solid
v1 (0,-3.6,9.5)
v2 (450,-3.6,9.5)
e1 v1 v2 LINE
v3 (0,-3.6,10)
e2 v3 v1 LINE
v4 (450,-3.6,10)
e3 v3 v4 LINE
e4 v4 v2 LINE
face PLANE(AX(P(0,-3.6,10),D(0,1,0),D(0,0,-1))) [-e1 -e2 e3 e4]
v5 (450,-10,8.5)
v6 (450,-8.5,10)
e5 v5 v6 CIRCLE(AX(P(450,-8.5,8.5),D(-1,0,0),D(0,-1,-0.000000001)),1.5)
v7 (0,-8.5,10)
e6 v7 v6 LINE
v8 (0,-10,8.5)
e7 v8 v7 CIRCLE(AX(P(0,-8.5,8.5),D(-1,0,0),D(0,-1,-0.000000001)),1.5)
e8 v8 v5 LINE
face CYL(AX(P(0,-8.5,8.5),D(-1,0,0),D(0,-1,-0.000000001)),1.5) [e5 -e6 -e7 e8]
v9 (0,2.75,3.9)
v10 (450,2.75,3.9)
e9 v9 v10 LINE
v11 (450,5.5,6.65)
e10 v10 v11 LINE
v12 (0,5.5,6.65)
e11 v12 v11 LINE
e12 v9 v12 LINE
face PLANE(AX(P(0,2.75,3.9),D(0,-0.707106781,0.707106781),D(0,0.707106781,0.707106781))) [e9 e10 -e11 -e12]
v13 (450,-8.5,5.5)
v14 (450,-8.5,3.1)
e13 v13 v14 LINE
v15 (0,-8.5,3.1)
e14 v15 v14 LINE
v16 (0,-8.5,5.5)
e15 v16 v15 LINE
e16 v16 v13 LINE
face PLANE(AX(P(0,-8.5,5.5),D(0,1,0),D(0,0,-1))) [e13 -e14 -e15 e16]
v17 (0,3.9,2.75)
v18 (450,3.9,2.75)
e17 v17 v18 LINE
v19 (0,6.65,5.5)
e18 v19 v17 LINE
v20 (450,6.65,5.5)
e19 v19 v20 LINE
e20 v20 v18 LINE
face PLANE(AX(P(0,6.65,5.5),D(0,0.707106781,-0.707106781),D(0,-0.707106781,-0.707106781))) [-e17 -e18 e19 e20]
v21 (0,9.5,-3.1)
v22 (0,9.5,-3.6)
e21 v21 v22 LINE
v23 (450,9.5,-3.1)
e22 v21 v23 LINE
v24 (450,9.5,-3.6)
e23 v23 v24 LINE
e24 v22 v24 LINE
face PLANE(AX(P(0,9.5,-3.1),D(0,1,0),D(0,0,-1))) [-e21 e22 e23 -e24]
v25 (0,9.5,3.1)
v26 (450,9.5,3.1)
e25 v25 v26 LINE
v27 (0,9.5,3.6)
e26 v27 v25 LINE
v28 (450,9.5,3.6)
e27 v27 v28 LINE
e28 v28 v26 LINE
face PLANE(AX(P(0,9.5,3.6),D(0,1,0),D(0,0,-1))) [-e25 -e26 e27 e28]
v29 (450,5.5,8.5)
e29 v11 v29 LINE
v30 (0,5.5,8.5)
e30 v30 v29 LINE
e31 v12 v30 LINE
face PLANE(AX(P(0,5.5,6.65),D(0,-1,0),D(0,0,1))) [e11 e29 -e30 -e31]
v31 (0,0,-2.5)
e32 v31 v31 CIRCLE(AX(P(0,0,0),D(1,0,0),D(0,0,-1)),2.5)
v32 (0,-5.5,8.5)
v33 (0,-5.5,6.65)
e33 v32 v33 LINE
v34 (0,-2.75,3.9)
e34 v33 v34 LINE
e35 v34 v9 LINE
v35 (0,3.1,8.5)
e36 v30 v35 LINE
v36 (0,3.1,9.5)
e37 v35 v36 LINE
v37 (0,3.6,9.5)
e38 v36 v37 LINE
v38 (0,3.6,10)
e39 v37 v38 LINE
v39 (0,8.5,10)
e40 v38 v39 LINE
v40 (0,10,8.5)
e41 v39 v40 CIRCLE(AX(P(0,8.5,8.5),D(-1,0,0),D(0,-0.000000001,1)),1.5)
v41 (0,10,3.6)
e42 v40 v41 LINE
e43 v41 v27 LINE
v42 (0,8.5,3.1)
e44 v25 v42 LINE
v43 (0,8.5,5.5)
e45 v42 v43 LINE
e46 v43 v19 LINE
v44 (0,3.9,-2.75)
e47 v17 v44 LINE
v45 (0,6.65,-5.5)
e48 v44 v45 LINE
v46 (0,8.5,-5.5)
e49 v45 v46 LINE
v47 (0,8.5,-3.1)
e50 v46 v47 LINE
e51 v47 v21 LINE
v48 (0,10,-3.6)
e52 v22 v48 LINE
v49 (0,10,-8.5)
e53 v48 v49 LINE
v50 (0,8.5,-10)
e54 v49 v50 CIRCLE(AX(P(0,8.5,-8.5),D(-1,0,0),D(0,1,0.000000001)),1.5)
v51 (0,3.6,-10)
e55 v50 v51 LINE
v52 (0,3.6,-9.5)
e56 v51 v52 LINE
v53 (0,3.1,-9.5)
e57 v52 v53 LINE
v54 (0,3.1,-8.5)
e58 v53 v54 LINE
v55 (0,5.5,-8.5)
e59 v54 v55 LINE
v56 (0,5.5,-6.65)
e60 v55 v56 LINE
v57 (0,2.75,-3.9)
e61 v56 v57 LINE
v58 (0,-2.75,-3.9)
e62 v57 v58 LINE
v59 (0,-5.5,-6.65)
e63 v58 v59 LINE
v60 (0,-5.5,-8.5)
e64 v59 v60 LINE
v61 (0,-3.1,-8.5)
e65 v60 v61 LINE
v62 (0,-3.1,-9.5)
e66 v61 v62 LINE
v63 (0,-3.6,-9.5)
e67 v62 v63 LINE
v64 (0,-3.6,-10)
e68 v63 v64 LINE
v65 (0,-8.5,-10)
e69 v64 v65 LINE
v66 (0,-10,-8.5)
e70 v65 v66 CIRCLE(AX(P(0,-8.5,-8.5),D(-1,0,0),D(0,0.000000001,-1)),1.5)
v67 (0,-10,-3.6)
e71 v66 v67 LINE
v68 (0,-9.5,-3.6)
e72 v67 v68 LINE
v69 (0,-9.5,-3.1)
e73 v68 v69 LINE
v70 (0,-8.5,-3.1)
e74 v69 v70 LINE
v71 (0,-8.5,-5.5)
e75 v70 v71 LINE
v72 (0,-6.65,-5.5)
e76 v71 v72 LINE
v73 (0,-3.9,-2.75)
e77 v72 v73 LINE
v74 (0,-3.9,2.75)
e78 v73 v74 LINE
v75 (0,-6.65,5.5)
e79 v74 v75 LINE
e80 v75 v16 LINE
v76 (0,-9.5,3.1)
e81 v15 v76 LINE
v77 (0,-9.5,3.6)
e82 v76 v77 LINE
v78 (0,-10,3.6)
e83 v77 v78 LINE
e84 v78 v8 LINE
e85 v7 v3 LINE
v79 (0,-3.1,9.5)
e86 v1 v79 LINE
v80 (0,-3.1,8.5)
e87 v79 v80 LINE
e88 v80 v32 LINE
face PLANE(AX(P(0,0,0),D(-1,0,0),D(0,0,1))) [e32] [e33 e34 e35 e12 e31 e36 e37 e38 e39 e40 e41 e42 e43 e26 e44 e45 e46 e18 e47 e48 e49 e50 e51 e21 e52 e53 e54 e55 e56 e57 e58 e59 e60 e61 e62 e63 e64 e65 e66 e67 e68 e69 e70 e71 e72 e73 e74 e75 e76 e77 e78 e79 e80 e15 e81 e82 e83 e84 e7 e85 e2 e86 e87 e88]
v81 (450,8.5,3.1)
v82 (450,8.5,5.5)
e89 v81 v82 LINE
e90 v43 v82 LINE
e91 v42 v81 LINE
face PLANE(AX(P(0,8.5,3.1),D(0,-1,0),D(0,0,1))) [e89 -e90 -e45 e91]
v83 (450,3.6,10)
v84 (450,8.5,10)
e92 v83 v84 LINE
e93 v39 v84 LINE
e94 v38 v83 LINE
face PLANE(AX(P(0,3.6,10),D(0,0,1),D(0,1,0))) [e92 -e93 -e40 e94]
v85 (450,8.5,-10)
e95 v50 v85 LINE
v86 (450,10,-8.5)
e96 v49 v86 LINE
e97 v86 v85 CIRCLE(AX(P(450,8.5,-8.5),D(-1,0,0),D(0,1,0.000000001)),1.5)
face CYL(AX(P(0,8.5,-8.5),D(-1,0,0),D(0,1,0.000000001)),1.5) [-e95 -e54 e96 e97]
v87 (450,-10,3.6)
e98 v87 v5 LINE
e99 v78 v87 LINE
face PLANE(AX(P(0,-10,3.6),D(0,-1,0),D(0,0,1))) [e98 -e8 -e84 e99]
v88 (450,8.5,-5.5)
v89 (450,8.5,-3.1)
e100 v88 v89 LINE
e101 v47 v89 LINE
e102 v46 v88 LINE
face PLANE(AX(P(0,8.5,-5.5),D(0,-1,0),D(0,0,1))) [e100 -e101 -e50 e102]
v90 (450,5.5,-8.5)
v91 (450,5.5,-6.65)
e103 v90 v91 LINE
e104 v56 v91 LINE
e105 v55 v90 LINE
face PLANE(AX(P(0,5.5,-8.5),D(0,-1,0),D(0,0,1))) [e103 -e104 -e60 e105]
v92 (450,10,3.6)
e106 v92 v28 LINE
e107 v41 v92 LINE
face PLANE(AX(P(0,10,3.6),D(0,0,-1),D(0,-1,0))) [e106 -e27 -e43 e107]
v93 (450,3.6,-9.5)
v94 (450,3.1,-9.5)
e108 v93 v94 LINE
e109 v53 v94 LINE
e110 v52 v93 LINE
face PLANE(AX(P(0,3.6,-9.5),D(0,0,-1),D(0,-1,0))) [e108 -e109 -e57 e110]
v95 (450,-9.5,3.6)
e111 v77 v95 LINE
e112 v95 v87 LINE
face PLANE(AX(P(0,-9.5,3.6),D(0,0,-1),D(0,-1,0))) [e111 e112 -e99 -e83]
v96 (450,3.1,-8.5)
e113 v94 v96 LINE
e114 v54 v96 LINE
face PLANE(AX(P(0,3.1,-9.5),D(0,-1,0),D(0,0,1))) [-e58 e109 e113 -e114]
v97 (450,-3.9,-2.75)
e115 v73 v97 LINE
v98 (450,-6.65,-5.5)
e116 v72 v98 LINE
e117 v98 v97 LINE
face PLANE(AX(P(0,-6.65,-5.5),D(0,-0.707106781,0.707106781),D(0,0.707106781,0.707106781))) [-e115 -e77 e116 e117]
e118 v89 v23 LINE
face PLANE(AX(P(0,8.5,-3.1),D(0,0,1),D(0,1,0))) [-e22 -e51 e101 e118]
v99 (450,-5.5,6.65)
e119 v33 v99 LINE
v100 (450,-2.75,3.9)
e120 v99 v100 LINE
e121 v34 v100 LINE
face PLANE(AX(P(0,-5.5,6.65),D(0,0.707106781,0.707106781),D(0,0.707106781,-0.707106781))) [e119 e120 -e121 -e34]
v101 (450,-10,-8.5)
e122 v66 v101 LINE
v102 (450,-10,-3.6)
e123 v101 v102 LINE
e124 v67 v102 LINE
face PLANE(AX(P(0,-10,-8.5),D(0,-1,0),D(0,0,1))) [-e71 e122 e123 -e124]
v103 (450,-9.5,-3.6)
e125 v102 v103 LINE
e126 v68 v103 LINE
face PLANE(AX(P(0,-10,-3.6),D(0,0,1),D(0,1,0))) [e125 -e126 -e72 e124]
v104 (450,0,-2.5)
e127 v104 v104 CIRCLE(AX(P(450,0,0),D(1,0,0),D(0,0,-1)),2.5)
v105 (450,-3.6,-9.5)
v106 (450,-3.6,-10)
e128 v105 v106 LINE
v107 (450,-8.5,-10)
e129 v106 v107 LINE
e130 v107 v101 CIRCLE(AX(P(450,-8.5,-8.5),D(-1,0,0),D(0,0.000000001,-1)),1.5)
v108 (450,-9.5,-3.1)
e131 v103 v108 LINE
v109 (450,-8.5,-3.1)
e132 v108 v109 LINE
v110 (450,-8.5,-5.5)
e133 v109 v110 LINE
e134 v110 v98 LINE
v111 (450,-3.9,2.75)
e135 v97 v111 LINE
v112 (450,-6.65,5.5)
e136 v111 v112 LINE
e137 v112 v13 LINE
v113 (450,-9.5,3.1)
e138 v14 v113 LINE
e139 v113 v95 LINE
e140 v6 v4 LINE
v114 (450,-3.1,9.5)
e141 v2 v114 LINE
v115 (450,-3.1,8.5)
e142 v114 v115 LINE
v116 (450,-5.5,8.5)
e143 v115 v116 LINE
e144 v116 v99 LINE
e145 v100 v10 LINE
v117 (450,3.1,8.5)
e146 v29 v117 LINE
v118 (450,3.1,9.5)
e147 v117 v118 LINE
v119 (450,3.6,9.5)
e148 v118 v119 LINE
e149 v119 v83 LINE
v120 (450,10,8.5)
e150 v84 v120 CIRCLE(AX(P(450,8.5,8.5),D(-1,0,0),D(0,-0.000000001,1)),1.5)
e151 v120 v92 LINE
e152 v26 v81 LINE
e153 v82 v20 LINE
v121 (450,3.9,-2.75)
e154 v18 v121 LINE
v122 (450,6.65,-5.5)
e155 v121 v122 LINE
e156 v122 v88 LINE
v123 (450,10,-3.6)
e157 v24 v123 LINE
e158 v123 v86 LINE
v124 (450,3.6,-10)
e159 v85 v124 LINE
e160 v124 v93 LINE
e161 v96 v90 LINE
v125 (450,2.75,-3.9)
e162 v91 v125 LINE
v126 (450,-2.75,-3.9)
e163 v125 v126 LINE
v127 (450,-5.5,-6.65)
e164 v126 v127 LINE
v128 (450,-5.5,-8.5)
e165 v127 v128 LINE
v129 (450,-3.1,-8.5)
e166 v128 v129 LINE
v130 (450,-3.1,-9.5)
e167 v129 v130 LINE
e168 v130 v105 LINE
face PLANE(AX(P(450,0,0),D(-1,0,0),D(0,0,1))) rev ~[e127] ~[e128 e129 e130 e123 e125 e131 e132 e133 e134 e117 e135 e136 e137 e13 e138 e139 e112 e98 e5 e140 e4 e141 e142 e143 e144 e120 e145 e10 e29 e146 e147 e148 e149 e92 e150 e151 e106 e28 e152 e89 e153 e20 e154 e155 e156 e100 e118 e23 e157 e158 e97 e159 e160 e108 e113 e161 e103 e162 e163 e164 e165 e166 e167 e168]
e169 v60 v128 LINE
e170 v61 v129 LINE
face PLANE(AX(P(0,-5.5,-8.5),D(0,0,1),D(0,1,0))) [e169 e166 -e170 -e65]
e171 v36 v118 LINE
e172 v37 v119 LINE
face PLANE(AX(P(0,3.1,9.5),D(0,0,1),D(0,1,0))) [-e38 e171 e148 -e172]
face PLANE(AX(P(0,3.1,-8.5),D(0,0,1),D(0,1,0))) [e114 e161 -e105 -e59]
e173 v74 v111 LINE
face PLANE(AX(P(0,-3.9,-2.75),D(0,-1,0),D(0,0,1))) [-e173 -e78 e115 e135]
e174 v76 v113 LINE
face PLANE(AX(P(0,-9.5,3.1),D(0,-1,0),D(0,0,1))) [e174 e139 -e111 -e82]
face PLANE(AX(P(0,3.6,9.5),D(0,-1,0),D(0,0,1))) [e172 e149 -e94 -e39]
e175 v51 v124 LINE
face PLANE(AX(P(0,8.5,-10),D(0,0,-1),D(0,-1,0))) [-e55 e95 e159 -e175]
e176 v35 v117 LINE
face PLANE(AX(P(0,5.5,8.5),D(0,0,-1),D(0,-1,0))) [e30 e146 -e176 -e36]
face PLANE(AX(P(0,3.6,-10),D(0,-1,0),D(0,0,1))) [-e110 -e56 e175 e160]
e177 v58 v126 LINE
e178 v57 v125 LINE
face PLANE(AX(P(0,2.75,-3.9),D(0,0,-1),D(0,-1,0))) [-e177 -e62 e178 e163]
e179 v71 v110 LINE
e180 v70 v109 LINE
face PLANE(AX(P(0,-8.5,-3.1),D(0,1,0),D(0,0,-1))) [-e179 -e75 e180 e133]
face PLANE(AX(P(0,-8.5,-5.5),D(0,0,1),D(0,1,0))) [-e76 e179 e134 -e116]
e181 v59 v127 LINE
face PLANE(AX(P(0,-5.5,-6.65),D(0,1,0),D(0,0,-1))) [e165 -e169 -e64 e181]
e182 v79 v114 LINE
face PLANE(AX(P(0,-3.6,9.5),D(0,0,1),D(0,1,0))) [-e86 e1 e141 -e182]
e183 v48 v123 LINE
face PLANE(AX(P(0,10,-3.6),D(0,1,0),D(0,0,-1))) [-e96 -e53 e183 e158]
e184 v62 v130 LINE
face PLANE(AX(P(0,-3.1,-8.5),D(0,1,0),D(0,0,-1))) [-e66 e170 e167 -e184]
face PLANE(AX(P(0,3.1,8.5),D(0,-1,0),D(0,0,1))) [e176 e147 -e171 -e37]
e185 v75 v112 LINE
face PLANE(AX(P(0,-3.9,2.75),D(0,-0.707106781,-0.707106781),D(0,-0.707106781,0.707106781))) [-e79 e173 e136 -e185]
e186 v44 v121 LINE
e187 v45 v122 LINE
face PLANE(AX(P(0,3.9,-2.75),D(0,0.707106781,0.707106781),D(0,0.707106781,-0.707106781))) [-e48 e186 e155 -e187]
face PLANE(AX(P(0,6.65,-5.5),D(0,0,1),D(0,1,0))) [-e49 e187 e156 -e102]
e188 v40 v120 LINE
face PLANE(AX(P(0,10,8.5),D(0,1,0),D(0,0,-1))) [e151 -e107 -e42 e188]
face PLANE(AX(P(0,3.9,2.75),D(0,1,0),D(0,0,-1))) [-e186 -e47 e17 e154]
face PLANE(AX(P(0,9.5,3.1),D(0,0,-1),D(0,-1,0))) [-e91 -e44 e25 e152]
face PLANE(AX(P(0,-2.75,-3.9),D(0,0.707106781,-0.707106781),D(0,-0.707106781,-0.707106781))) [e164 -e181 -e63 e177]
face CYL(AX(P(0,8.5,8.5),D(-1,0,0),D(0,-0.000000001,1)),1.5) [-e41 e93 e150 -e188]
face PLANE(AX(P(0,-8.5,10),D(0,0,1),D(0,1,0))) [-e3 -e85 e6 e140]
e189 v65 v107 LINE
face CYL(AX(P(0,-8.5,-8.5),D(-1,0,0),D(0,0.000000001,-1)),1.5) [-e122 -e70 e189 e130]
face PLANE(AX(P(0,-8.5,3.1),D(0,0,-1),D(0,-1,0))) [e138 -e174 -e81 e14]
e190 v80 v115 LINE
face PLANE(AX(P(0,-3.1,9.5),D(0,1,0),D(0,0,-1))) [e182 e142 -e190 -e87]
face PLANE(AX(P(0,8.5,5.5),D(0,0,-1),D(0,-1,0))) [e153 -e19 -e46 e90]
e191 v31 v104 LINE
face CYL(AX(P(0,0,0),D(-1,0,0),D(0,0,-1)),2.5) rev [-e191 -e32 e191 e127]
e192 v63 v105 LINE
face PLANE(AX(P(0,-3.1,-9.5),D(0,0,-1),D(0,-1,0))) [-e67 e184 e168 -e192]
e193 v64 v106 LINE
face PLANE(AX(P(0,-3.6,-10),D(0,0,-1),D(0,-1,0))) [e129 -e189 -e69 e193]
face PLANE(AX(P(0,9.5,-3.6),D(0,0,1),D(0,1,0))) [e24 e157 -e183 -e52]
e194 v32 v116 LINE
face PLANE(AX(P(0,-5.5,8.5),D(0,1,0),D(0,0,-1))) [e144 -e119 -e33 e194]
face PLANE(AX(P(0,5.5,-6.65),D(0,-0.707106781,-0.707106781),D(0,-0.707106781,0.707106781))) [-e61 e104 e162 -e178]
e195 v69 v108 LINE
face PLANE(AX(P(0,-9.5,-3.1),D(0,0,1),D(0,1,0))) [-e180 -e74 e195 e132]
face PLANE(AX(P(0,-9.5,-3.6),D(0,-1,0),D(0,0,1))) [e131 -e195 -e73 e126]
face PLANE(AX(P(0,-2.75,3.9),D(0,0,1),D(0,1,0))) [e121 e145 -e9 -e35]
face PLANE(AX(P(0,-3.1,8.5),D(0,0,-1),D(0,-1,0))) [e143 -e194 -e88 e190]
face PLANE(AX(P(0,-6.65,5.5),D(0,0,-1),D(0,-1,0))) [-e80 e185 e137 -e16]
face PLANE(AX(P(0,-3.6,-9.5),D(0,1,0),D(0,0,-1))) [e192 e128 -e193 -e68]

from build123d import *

# Parameters (mm, degrees)
SKETCH1_R                = 2.5
F_20_X_20_X_R1_5_1_DEPTH = 450


with BuildPart() as part:
    # Sketch1 → 铝型材 20 X 20 X R1.5(1) (new body)
    with BuildSketch(Plane(origin=(0, 0, 0), x_dir=(0, 0, -1), z_dir=(1, 0, 0))):
        with BuildLine():
            Line((-3.6, 10), (-3.6, 9.5))
            Line((-3.6, 9.5), (-3.1, 9.5))
            Line((-3.1, 9.5), (-3.1, 8.5))
            Line((-3.1, 8.5), (-5.5, 8.5))
            Line((-5.5, 8.5), (-5.5, 6.65))
            Line((-5.5, 6.65), (-2.75, 3.9))
            Line((-2.75, 3.9), (2.75, 3.9))
            Line((2.75, 3.9), (5.5, 6.65))
            Line((5.5, 6.65), (5.5, 8.5))
            Line((5.5, 8.5), (3.1, 8.5))
            Line((3.1, 8.5), (3.1, 9.5))
            Line((3.1, 9.5), (3.6, 9.5))
            Line((3.6, 9.5), (3.6, 10))
            Line((3.6, 10), (8.5, 10))
            ThreePointArc((8.5, 10), (9.560660172, 9.560660172), (10, 8.5))
            Line((10, 8.5), (10, 3.6))
            Line((10, 3.6), (9.5, 3.6))
            Line((9.5, 3.6), (9.5, 3.1))
            Line((9.5, 3.1), (8.5, 3.1))
            Line((8.5, 3.1), (8.5, 5.5))
            Line((8.5, 5.5), (6.65, 5.5))
            Line((6.65, 5.5), (3.9, 2.75))
            Line((3.9, 2.75), (3.9, -2.75))
            Line((3.9, -2.75), (6.65, -5.5))
            Line((6.65, -5.5), (8.5, -5.5))
            Line((8.5, -5.5), (8.5, -3.1))
            Line((8.5, -3.1), (9.5, -3.1))
            Line((9.5, -3.1), (9.5, -3.6))
            Line((9.5, -3.6), (10, -3.6))
            Line((10, -3.6), (10, -8.5))
            ThreePointArc((10, -8.5), (9.560660172, -9.560660172), (8.5, -10))
            Line((8.5, -10), (3.6, -10))
            Line((3.6, -10), (3.6, -9.5))
            Line((3.6, -9.5), (3.1, -9.5))
            Line((3.1, -9.5), (3.1, -8.5))
            Line((3.1, -8.5), (5.5, -8.5))
            Line((5.5, -8.5), (5.5, -6.65))
            Line((5.5, -6.65), (2.75, -3.9))
            Line((2.75, -3.9), (-2.75, -3.9))
            Line((-2.75, -3.9), (-5.5, -6.65))
            Line((-5.5, -6.65), (-5.5, -8.5))
            Line((-5.5, -8.5), (-3.1, -8.5))
            Line((-3.1, -8.5), (-3.1, -9.5))
            Line((-3.1, -9.5), (-3.6, -9.5))
            Line((-3.6, -9.5), (-3.6, -10))
            Line((-3.6, -10), (-8.5, -10))
            ThreePointArc((-8.5, -10), (-9.560660172, -9.560660172), (-10, -8.5))
            Line((-10, -8.5), (-10, -3.6))
            Line((-10, -3.6), (-9.5, -3.6))
            Line((-9.5, -3.6), (-9.5, -3.1))
            Line((-9.5, -3.1), (-8.5, -3.1))
            Line((-8.5, -3.1), (-8.5, -5.5))
            Line((-8.5, -5.5), (-6.65, -5.5))
            Line((-6.65, -5.5), (-3.9, -2.75))
            Line((-3.9, -2.75), (-3.9, 2.75))
            Line((-3.9, 2.75), (-6.65, 5.5))
            Line((-6.65, 5.5), (-8.5, 5.5))
            Line((-8.5, 5.5), (-8.5, 3.1))
            Line((-8.5, 3.1), (-9.5, 3.1))
            Line((-9.5, 3.1), (-9.5, 3.6))
            Line((-9.5, 3.6), (-10, 3.6))
            Line((-10, 3.6), (-10, 8.5))
            ThreePointArc((-10, 8.5), (-9.560660172, 9.560660172), (-8.5, 10))
            Line((-8.5, 10), (-3.6, 10))
        make_face()
        Circle(SKETCH1_R, mode=Mode.SUBTRACT)
    extrude(amount=F_20_X_20_X_R1_5_1_DEPTH)


solid = part.part
